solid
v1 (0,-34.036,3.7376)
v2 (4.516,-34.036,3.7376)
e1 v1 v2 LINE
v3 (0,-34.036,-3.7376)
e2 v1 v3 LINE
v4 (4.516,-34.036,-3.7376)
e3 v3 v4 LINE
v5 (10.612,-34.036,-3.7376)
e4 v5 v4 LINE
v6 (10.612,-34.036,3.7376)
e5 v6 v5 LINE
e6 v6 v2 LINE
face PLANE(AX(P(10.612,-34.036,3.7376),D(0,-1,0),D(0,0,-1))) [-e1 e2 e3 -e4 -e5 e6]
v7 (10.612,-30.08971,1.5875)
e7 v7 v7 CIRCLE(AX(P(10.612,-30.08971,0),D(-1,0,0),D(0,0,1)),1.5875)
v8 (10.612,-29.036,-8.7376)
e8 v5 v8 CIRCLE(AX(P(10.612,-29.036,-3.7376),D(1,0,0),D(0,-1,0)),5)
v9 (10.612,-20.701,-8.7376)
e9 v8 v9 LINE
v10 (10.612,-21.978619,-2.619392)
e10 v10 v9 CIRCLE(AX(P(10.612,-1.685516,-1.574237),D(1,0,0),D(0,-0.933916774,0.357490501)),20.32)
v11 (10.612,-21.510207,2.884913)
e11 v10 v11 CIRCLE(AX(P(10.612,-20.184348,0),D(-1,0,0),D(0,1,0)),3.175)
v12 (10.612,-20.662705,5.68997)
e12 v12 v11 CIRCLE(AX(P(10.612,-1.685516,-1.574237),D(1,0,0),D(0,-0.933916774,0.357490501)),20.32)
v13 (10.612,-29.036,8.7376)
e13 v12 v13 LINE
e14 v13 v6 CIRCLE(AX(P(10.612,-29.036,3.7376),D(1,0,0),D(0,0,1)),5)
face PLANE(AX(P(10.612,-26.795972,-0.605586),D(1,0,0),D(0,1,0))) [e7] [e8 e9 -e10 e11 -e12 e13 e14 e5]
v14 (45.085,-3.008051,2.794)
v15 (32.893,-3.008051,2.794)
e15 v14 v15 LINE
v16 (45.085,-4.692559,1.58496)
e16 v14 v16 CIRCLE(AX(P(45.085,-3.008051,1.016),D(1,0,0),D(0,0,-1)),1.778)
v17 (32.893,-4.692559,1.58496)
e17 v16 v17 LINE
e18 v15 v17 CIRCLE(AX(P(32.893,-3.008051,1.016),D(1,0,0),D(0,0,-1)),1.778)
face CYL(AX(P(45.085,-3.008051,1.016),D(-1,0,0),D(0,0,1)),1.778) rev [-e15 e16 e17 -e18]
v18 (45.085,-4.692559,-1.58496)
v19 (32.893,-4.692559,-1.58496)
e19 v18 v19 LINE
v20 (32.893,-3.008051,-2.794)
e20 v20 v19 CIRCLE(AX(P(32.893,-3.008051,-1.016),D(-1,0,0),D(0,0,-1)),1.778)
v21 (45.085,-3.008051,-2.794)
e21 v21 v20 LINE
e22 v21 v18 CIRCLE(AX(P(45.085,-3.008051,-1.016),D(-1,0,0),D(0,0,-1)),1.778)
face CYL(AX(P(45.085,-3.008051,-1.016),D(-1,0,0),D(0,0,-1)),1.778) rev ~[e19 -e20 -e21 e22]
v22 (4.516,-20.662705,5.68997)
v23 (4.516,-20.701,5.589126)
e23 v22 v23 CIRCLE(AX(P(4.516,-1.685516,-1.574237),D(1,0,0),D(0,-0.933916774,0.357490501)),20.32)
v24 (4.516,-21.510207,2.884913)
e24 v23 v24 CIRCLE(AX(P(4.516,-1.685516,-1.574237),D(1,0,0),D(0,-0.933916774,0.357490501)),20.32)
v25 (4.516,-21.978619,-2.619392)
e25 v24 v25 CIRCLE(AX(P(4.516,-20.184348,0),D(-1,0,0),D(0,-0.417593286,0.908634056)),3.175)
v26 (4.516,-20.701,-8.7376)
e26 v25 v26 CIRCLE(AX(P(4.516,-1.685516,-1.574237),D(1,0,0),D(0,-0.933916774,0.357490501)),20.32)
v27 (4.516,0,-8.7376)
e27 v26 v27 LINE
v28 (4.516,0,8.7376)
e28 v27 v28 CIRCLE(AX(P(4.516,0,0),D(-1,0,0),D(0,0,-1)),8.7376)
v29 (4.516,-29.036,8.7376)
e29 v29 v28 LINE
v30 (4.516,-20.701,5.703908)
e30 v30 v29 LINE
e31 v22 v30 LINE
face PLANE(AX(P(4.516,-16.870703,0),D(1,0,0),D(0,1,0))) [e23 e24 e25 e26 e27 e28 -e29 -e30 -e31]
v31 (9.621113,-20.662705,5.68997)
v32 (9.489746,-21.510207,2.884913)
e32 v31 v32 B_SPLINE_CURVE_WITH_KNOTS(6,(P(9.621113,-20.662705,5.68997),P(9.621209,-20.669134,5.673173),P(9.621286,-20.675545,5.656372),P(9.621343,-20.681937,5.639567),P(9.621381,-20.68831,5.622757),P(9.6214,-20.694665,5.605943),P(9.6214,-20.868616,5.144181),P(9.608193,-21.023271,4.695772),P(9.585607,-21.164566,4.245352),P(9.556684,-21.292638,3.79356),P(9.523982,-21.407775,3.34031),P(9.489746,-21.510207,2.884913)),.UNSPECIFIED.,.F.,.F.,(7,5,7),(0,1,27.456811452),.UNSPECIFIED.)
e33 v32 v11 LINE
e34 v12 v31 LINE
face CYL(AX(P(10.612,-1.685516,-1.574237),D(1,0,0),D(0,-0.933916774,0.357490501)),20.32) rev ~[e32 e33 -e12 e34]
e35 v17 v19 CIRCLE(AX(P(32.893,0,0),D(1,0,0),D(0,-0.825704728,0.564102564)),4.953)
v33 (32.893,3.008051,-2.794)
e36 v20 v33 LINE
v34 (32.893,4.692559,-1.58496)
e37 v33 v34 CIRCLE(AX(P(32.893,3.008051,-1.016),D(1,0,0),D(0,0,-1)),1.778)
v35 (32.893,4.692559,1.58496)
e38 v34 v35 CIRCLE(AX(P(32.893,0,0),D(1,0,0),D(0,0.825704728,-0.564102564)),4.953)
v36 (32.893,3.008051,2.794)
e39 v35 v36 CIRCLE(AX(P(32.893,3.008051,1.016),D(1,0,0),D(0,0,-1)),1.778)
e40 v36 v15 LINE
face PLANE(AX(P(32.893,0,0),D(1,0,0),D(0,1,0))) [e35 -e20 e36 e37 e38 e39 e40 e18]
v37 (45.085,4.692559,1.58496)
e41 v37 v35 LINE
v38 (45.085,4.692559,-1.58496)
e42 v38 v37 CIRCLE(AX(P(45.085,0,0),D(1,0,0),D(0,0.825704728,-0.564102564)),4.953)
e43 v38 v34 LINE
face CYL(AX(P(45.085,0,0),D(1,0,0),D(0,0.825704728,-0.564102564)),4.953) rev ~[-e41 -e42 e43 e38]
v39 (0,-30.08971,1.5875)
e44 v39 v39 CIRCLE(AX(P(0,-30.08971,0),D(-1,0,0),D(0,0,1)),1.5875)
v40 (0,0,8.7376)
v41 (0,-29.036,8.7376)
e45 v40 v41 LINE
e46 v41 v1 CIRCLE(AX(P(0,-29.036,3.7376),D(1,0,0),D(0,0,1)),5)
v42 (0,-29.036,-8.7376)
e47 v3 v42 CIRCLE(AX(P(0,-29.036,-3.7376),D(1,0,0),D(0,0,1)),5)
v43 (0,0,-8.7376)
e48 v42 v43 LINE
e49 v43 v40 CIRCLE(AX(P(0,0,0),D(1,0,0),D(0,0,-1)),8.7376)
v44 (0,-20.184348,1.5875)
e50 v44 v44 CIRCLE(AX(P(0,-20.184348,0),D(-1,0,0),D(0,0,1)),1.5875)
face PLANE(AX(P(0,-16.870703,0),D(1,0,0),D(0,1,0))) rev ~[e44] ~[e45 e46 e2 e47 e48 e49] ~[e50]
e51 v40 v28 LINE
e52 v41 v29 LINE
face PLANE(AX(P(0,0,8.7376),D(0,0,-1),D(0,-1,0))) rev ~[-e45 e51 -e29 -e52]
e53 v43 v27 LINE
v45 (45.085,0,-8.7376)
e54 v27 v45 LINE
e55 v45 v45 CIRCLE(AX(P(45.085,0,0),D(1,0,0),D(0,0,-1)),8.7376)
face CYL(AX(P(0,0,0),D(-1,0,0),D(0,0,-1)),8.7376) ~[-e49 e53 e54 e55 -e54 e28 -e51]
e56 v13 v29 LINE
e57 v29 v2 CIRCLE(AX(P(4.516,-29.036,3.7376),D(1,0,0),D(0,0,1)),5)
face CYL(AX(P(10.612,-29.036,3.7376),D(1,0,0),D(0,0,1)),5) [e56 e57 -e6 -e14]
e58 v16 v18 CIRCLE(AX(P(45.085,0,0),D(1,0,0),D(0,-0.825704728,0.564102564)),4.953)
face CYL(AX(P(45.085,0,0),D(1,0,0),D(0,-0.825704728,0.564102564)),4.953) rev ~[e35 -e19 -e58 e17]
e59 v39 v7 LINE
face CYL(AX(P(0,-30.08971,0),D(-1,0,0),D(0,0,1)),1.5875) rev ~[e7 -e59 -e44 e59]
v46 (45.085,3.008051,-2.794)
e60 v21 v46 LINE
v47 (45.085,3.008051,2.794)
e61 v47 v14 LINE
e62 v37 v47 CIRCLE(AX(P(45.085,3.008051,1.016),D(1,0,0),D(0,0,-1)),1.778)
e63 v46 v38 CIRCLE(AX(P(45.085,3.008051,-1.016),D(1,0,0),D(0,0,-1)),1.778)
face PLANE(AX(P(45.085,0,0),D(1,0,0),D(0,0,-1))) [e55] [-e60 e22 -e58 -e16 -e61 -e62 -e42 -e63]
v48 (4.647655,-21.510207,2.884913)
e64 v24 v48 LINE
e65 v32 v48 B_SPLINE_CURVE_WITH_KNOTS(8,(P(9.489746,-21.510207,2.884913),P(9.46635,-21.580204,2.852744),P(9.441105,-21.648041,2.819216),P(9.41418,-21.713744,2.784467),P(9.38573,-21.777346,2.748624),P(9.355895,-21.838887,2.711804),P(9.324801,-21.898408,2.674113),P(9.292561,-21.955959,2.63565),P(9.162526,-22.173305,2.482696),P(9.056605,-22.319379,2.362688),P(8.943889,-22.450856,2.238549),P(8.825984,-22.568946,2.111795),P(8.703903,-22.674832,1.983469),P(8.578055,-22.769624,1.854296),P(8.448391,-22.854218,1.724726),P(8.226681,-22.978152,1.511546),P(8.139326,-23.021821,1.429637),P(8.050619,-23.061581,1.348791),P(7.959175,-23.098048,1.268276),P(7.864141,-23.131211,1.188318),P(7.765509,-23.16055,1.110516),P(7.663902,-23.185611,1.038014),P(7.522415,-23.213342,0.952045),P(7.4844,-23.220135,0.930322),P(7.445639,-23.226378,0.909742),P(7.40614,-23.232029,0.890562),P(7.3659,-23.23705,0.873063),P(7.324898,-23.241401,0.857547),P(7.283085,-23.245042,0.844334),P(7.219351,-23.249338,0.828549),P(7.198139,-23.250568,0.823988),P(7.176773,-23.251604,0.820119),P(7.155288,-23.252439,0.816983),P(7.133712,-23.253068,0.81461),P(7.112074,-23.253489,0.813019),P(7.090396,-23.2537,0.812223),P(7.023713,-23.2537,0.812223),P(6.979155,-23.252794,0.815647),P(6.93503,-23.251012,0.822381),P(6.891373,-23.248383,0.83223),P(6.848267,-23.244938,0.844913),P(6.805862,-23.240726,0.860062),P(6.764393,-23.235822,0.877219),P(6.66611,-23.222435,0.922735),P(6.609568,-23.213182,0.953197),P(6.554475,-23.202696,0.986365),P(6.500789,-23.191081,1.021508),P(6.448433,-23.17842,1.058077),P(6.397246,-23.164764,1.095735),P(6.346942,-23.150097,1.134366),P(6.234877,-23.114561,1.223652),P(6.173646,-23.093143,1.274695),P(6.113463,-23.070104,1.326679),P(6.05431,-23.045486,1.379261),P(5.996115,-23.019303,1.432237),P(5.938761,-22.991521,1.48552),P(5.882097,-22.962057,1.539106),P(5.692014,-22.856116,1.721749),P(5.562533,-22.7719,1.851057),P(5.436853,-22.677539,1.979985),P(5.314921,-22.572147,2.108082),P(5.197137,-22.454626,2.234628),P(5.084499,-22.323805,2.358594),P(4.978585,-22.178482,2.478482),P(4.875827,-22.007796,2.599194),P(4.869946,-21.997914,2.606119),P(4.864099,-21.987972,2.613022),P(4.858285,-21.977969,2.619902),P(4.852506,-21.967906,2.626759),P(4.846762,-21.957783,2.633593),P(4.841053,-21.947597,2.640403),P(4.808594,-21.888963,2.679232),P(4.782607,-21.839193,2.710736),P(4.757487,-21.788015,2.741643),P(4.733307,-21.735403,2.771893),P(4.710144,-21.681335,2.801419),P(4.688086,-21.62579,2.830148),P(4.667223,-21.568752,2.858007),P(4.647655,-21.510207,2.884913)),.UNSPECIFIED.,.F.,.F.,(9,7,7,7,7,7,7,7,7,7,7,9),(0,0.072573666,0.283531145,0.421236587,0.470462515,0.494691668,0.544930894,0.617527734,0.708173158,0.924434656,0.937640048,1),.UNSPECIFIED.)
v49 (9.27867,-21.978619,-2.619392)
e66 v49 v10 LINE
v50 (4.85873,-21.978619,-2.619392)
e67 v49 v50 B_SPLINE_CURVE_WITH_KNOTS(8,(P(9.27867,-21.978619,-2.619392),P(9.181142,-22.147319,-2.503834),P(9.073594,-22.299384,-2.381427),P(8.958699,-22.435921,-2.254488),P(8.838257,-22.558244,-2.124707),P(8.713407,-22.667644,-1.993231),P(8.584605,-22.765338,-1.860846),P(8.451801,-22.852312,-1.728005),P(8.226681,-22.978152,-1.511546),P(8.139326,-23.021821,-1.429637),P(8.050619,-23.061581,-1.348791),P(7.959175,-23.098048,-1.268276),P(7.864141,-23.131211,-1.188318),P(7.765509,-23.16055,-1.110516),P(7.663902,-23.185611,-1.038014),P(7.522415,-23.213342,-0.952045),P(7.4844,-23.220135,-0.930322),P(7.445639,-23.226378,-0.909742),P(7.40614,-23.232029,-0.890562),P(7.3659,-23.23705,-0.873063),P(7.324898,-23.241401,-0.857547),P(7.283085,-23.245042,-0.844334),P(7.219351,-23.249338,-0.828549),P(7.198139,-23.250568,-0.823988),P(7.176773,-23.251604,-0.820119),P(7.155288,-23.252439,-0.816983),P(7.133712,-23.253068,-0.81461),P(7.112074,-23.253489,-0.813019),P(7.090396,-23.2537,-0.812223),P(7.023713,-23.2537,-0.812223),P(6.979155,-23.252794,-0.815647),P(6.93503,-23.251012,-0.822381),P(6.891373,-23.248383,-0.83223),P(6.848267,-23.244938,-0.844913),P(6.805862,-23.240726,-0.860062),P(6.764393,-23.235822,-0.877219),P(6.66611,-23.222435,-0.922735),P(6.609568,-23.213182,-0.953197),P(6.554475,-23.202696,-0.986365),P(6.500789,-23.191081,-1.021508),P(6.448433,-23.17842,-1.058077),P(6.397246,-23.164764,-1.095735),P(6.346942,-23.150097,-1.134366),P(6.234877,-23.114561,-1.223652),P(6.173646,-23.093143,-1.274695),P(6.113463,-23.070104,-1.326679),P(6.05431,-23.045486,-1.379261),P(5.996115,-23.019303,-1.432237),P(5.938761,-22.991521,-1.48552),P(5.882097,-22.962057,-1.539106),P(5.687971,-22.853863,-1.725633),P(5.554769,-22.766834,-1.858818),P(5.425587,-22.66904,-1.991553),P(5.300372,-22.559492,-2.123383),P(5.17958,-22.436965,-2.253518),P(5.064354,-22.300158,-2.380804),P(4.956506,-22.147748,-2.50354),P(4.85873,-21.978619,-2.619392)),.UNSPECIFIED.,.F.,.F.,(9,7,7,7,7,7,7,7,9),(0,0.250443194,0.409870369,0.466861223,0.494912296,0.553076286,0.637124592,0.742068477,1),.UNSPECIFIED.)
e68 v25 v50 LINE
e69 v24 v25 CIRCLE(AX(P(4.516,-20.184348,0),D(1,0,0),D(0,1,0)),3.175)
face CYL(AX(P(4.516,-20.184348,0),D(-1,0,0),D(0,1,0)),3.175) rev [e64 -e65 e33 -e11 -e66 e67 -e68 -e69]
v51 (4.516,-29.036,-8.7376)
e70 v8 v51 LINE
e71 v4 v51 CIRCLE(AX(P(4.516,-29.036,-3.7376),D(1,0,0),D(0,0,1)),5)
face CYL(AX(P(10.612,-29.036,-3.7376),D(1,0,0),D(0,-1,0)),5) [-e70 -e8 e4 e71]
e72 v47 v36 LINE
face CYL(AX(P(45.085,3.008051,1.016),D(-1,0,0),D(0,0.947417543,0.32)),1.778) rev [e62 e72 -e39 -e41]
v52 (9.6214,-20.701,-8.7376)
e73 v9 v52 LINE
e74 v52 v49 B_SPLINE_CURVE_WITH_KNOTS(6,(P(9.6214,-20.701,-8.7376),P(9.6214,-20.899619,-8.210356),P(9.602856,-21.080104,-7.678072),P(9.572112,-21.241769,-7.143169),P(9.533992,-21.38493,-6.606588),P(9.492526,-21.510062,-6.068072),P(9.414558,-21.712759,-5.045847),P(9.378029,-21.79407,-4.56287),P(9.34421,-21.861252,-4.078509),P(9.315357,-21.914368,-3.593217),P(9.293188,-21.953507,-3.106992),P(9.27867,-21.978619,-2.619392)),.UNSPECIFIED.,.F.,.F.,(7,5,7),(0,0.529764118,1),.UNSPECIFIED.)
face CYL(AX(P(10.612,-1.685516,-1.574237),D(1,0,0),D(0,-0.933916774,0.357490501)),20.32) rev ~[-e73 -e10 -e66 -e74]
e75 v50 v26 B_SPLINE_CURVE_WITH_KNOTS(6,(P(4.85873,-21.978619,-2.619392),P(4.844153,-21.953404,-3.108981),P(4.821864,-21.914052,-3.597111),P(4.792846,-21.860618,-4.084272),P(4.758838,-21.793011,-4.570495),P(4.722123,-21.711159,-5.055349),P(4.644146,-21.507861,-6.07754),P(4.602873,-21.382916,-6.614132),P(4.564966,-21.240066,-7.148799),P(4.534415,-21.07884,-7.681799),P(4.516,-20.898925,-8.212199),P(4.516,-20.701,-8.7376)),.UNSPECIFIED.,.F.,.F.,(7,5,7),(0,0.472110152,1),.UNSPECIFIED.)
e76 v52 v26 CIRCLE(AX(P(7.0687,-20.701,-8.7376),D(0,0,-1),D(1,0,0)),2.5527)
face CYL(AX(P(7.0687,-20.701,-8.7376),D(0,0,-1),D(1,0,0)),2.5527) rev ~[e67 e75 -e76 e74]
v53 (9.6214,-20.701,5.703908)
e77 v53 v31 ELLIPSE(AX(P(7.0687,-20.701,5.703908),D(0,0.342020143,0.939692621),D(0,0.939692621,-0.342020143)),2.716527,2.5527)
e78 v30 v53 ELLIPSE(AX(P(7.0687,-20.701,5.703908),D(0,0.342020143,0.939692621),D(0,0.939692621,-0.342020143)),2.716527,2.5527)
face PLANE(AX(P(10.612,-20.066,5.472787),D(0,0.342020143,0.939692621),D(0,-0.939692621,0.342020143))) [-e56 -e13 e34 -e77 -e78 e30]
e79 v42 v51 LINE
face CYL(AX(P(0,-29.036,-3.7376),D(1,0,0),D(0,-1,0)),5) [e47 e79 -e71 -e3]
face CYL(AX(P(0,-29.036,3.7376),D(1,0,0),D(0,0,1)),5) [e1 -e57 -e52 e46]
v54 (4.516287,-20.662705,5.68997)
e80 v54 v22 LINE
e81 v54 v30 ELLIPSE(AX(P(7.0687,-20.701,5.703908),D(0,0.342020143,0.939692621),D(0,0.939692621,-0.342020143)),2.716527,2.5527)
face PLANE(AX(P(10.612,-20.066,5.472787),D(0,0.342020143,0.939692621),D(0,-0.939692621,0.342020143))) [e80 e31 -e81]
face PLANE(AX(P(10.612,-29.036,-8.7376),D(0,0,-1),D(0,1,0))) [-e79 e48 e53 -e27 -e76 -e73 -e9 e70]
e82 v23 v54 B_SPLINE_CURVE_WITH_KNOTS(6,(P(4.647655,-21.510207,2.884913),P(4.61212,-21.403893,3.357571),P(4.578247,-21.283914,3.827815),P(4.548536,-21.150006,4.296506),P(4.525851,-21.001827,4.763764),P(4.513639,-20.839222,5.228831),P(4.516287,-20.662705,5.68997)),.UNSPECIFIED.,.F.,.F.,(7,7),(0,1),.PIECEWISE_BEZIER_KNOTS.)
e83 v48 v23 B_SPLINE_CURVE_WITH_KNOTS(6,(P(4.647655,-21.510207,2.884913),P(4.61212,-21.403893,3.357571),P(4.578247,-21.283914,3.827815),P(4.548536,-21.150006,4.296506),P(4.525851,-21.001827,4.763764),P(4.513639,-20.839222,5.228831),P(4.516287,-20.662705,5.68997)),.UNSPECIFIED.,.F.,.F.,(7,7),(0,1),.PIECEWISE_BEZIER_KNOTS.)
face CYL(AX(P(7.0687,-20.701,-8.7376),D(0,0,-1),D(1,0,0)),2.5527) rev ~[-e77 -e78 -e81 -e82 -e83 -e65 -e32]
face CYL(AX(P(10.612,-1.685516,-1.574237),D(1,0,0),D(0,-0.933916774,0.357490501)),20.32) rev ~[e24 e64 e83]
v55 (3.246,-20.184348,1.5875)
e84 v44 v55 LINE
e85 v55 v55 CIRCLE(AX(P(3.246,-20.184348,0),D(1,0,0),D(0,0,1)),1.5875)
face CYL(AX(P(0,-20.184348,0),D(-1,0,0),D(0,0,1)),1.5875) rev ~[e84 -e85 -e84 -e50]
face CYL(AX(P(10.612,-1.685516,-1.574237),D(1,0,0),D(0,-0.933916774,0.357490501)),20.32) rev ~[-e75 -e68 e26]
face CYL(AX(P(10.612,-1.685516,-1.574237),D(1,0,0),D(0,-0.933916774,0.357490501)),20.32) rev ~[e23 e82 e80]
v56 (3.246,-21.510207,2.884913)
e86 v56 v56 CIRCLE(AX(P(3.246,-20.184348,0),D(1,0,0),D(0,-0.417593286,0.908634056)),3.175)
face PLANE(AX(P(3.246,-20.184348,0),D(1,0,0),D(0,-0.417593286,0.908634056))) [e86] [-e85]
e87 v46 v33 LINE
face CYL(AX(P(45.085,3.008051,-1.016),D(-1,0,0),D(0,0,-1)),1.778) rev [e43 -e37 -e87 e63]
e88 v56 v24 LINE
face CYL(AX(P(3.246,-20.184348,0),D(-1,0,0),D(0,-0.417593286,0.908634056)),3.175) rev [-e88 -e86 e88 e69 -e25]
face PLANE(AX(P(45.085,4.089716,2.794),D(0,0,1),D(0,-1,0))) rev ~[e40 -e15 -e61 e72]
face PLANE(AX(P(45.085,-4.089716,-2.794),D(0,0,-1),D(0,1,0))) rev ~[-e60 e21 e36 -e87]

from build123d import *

# Parameters (mm, degrees)
SKETCH1_R           = 8.7376
BOSS_EXTRUDE1_DEPTH = 45.085
BOSS_EXTRUDE3_DEPTH = 4.516000112
FILLET2_R           = 5
BOSS_EXTRUDE4_START = 6.096
BOSS_EXTRUDE4_DEPTH = 6.096
CUT_EXTRUDE8_DEPTH  = 6.096
CUT_EXTRUDE10_DEPTH = 12.192
SKETCH23_R          = 1.5875
CUT_EXTRUDE11_DEPTH = 58.161632016
SKETCH24_R          = 3.175
SKETCH24_R_2        = 1.5875
CUT_EXTRUDE12_DEPTH = 54.671581882
CUT_EXTRUDE13_START = -1.27
SKETCH24_2_R        = 3.175
SKETCH24_2_R_2      = 1.5875
CUT_EXTRUDE13_DEPTH = 1.27
FILLET11_R          = 1.778
SKETCH25_R          = 2.5527
CUT_EXTRUDE14_DEPTH = 60.13111817


with BuildPart() as part:
    # Sketch1 → Boss-Extrude1 (new body)
    with BuildSketch(Plane.YZ):
        with Locations(Location((0, 0, 0), (0, 0, 270))):
            Circle(SKETCH1_R)
    extrude(amount=BOSS_EXTRUDE1_DEPTH)

    # Sketch10 → Boss-Extrude3 (add)
    with BuildSketch(Plane(origin=(0, 0, 0), x_dir=(0, -1, 0), z_dir=(-1, 0, 0))):
        with BuildLine():
            Line((0, 8.7376), (34.036, 8.7376))
            Line((34.036, 8.7376), (34.036, -8.7376))
            Line((34.036, -8.7376), (0, -8.7376))
            ThreePointArc((0, -8.7376), (8.7376, 0), (0, 8.7376))
        make_face()
    extrude(amount=-BOSS_EXTRUDE3_DEPTH)

    # Fillet2
    fillet2_edges = [part.edges().sort_by_distance(p)[0] for p in [
        (2.258000056, -34.036, 8.7376),
        (2.258000056, -34.036, -8.7376),
    ]]
    fillet(fillet2_edges, radius=FILLET2_R)

    # Sketch15 → Boss-Extrude4 (add)
    with BuildSketch(Plane.YZ.offset(4.516000112).offset(BOSS_EXTRUDE4_START)):
        with BuildLine():
            Line((-20.066, 5.472786999), (-29.036, 8.7376))
            ThreePointArc((-29.036, 8.7376), (-32.571533906, 7.273133906), (-34.036, 3.7376))
            Line((-34.036, 3.7376), (-34.036, -3.7376))
            ThreePointArc((-34.036, -3.7376), (-32.571533906, -7.273133906), (-29.036, -8.7376))
            Line((-29.036, -8.7376), (-20.066, -8.7376))
            Line((-20.066, -8.7376), (-20.066, 5.472786999))
        make_face()
    extrude(amount=-BOSS_EXTRUDE4_DEPTH)

    # Sketch21 → Cut-Extrude8 (cut)
    with BuildSketch(Plane.YZ.offset(10.612000112)):
        with BuildLine():
            Line((-20.701, -8.7376), (-20.066, -8.7376))
            Line((-20.066, -8.7376), (-20.066, 5.472786999))
            Line((-20.066, 5.472786999), (-20.662704814, 5.68996979))
            ThreePointArc((-20.662704814, 5.68996979), (-22.005444378, -1.520301887), (-20.701, -8.7376))
        make_face()
    extrude(amount=-CUT_EXTRUDE8_DEPTH, mode=Mode.SUBTRACT)

    # Sketch22 → Cut-Extrude10 (cut)
    with BuildSketch(Plane.YZ.offset(45.085)):
        with BuildLine():
            Line((-4.089715516, -2.794), (4.089715516, -2.794))
            ThreePointArc((4.089715516, -2.794), (4.953, 0), (4.089715516, 2.794))
            Line((4.089715516, 2.794), (-4.089715516, 2.794))
            ThreePointArc((-4.089715516, 2.794), (-4.953, 0), (-4.089715516, -2.794))
        make_face()
    extrude(amount=-CUT_EXTRUDE10_DEPTH, mode=Mode.SUBTRACT)

    # Sketch23 → Cut-Extrude11 (cut, through all)
    with BuildSketch(Plane.ZY):
        with Locations((0, -30.089710358)):
            Circle(SKETCH23_R)
        with Locations((0, -20.184348406)):
            Circle(SKETCH23_R)
    extrude(amount=-CUT_EXTRUDE11_DEPTH, mode=Mode.SUBTRACT)

    # Sketch24 → Cut-Extrude12 (cut, through all)
    with BuildSketch(Plane.YZ.offset(4.516000112)):
        with Locations((-20.184348406, 0)):
            Circle(SKETCH24_R)
        with Locations(Location((-20.184348406, 0, 0), (0, 0, 90))):
            Circle(SKETCH24_R_2, mode=Mode.SUBTRACT)
    extrude(amount=CUT_EXTRUDE12_DEPTH, mode=Mode.SUBTRACT)

    # Sketch24<2> → Cut-Extrude13 (cut)
    with BuildSketch(Plane.YZ.offset(4.516000112).offset(CUT_EXTRUDE13_START)):
        with Locations(Location((-20.184348406, 0, 0), (0, 0, 114.682734544))):
            Circle(SKETCH24_2_R)
        with Locations(Location((-20.184348406, 0, 0), (0, 0, 90))):
            Circle(SKETCH24_2_R_2, mode=Mode.SUBTRACT)
    extrude(amount=CUT_EXTRUDE13_DEPTH, mode=Mode.SUBTRACT)

    # Fillet11
    fillet11_edges = [part.edges().sort_by_distance(p)[0] for p in [
        (38.989, 4.089715516, 2.794),
        (38.989, 4.089715516, -2.794),
        (38.989, -4.089715516, -2.794),
        (38.989, -4.089715516, 2.794),
    ]]
    fillet(fillet11_edges, radius=FILLET11_R)

    # Sketch25 → Cut-Extrude14 (cut, through all)
    with BuildSketch(Plane(origin=(0, 0, -8.7376), x_dir=(1, 0, 0), z_dir=(0, 0, -1))):
        with Locations((7.068700112, 20.701)):
            Circle(SKETCH25_R)
    extrude(amount=-CUT_EXTRUDE14_DEPTH, mode=Mode.SUBTRACT)


solid = part.part
